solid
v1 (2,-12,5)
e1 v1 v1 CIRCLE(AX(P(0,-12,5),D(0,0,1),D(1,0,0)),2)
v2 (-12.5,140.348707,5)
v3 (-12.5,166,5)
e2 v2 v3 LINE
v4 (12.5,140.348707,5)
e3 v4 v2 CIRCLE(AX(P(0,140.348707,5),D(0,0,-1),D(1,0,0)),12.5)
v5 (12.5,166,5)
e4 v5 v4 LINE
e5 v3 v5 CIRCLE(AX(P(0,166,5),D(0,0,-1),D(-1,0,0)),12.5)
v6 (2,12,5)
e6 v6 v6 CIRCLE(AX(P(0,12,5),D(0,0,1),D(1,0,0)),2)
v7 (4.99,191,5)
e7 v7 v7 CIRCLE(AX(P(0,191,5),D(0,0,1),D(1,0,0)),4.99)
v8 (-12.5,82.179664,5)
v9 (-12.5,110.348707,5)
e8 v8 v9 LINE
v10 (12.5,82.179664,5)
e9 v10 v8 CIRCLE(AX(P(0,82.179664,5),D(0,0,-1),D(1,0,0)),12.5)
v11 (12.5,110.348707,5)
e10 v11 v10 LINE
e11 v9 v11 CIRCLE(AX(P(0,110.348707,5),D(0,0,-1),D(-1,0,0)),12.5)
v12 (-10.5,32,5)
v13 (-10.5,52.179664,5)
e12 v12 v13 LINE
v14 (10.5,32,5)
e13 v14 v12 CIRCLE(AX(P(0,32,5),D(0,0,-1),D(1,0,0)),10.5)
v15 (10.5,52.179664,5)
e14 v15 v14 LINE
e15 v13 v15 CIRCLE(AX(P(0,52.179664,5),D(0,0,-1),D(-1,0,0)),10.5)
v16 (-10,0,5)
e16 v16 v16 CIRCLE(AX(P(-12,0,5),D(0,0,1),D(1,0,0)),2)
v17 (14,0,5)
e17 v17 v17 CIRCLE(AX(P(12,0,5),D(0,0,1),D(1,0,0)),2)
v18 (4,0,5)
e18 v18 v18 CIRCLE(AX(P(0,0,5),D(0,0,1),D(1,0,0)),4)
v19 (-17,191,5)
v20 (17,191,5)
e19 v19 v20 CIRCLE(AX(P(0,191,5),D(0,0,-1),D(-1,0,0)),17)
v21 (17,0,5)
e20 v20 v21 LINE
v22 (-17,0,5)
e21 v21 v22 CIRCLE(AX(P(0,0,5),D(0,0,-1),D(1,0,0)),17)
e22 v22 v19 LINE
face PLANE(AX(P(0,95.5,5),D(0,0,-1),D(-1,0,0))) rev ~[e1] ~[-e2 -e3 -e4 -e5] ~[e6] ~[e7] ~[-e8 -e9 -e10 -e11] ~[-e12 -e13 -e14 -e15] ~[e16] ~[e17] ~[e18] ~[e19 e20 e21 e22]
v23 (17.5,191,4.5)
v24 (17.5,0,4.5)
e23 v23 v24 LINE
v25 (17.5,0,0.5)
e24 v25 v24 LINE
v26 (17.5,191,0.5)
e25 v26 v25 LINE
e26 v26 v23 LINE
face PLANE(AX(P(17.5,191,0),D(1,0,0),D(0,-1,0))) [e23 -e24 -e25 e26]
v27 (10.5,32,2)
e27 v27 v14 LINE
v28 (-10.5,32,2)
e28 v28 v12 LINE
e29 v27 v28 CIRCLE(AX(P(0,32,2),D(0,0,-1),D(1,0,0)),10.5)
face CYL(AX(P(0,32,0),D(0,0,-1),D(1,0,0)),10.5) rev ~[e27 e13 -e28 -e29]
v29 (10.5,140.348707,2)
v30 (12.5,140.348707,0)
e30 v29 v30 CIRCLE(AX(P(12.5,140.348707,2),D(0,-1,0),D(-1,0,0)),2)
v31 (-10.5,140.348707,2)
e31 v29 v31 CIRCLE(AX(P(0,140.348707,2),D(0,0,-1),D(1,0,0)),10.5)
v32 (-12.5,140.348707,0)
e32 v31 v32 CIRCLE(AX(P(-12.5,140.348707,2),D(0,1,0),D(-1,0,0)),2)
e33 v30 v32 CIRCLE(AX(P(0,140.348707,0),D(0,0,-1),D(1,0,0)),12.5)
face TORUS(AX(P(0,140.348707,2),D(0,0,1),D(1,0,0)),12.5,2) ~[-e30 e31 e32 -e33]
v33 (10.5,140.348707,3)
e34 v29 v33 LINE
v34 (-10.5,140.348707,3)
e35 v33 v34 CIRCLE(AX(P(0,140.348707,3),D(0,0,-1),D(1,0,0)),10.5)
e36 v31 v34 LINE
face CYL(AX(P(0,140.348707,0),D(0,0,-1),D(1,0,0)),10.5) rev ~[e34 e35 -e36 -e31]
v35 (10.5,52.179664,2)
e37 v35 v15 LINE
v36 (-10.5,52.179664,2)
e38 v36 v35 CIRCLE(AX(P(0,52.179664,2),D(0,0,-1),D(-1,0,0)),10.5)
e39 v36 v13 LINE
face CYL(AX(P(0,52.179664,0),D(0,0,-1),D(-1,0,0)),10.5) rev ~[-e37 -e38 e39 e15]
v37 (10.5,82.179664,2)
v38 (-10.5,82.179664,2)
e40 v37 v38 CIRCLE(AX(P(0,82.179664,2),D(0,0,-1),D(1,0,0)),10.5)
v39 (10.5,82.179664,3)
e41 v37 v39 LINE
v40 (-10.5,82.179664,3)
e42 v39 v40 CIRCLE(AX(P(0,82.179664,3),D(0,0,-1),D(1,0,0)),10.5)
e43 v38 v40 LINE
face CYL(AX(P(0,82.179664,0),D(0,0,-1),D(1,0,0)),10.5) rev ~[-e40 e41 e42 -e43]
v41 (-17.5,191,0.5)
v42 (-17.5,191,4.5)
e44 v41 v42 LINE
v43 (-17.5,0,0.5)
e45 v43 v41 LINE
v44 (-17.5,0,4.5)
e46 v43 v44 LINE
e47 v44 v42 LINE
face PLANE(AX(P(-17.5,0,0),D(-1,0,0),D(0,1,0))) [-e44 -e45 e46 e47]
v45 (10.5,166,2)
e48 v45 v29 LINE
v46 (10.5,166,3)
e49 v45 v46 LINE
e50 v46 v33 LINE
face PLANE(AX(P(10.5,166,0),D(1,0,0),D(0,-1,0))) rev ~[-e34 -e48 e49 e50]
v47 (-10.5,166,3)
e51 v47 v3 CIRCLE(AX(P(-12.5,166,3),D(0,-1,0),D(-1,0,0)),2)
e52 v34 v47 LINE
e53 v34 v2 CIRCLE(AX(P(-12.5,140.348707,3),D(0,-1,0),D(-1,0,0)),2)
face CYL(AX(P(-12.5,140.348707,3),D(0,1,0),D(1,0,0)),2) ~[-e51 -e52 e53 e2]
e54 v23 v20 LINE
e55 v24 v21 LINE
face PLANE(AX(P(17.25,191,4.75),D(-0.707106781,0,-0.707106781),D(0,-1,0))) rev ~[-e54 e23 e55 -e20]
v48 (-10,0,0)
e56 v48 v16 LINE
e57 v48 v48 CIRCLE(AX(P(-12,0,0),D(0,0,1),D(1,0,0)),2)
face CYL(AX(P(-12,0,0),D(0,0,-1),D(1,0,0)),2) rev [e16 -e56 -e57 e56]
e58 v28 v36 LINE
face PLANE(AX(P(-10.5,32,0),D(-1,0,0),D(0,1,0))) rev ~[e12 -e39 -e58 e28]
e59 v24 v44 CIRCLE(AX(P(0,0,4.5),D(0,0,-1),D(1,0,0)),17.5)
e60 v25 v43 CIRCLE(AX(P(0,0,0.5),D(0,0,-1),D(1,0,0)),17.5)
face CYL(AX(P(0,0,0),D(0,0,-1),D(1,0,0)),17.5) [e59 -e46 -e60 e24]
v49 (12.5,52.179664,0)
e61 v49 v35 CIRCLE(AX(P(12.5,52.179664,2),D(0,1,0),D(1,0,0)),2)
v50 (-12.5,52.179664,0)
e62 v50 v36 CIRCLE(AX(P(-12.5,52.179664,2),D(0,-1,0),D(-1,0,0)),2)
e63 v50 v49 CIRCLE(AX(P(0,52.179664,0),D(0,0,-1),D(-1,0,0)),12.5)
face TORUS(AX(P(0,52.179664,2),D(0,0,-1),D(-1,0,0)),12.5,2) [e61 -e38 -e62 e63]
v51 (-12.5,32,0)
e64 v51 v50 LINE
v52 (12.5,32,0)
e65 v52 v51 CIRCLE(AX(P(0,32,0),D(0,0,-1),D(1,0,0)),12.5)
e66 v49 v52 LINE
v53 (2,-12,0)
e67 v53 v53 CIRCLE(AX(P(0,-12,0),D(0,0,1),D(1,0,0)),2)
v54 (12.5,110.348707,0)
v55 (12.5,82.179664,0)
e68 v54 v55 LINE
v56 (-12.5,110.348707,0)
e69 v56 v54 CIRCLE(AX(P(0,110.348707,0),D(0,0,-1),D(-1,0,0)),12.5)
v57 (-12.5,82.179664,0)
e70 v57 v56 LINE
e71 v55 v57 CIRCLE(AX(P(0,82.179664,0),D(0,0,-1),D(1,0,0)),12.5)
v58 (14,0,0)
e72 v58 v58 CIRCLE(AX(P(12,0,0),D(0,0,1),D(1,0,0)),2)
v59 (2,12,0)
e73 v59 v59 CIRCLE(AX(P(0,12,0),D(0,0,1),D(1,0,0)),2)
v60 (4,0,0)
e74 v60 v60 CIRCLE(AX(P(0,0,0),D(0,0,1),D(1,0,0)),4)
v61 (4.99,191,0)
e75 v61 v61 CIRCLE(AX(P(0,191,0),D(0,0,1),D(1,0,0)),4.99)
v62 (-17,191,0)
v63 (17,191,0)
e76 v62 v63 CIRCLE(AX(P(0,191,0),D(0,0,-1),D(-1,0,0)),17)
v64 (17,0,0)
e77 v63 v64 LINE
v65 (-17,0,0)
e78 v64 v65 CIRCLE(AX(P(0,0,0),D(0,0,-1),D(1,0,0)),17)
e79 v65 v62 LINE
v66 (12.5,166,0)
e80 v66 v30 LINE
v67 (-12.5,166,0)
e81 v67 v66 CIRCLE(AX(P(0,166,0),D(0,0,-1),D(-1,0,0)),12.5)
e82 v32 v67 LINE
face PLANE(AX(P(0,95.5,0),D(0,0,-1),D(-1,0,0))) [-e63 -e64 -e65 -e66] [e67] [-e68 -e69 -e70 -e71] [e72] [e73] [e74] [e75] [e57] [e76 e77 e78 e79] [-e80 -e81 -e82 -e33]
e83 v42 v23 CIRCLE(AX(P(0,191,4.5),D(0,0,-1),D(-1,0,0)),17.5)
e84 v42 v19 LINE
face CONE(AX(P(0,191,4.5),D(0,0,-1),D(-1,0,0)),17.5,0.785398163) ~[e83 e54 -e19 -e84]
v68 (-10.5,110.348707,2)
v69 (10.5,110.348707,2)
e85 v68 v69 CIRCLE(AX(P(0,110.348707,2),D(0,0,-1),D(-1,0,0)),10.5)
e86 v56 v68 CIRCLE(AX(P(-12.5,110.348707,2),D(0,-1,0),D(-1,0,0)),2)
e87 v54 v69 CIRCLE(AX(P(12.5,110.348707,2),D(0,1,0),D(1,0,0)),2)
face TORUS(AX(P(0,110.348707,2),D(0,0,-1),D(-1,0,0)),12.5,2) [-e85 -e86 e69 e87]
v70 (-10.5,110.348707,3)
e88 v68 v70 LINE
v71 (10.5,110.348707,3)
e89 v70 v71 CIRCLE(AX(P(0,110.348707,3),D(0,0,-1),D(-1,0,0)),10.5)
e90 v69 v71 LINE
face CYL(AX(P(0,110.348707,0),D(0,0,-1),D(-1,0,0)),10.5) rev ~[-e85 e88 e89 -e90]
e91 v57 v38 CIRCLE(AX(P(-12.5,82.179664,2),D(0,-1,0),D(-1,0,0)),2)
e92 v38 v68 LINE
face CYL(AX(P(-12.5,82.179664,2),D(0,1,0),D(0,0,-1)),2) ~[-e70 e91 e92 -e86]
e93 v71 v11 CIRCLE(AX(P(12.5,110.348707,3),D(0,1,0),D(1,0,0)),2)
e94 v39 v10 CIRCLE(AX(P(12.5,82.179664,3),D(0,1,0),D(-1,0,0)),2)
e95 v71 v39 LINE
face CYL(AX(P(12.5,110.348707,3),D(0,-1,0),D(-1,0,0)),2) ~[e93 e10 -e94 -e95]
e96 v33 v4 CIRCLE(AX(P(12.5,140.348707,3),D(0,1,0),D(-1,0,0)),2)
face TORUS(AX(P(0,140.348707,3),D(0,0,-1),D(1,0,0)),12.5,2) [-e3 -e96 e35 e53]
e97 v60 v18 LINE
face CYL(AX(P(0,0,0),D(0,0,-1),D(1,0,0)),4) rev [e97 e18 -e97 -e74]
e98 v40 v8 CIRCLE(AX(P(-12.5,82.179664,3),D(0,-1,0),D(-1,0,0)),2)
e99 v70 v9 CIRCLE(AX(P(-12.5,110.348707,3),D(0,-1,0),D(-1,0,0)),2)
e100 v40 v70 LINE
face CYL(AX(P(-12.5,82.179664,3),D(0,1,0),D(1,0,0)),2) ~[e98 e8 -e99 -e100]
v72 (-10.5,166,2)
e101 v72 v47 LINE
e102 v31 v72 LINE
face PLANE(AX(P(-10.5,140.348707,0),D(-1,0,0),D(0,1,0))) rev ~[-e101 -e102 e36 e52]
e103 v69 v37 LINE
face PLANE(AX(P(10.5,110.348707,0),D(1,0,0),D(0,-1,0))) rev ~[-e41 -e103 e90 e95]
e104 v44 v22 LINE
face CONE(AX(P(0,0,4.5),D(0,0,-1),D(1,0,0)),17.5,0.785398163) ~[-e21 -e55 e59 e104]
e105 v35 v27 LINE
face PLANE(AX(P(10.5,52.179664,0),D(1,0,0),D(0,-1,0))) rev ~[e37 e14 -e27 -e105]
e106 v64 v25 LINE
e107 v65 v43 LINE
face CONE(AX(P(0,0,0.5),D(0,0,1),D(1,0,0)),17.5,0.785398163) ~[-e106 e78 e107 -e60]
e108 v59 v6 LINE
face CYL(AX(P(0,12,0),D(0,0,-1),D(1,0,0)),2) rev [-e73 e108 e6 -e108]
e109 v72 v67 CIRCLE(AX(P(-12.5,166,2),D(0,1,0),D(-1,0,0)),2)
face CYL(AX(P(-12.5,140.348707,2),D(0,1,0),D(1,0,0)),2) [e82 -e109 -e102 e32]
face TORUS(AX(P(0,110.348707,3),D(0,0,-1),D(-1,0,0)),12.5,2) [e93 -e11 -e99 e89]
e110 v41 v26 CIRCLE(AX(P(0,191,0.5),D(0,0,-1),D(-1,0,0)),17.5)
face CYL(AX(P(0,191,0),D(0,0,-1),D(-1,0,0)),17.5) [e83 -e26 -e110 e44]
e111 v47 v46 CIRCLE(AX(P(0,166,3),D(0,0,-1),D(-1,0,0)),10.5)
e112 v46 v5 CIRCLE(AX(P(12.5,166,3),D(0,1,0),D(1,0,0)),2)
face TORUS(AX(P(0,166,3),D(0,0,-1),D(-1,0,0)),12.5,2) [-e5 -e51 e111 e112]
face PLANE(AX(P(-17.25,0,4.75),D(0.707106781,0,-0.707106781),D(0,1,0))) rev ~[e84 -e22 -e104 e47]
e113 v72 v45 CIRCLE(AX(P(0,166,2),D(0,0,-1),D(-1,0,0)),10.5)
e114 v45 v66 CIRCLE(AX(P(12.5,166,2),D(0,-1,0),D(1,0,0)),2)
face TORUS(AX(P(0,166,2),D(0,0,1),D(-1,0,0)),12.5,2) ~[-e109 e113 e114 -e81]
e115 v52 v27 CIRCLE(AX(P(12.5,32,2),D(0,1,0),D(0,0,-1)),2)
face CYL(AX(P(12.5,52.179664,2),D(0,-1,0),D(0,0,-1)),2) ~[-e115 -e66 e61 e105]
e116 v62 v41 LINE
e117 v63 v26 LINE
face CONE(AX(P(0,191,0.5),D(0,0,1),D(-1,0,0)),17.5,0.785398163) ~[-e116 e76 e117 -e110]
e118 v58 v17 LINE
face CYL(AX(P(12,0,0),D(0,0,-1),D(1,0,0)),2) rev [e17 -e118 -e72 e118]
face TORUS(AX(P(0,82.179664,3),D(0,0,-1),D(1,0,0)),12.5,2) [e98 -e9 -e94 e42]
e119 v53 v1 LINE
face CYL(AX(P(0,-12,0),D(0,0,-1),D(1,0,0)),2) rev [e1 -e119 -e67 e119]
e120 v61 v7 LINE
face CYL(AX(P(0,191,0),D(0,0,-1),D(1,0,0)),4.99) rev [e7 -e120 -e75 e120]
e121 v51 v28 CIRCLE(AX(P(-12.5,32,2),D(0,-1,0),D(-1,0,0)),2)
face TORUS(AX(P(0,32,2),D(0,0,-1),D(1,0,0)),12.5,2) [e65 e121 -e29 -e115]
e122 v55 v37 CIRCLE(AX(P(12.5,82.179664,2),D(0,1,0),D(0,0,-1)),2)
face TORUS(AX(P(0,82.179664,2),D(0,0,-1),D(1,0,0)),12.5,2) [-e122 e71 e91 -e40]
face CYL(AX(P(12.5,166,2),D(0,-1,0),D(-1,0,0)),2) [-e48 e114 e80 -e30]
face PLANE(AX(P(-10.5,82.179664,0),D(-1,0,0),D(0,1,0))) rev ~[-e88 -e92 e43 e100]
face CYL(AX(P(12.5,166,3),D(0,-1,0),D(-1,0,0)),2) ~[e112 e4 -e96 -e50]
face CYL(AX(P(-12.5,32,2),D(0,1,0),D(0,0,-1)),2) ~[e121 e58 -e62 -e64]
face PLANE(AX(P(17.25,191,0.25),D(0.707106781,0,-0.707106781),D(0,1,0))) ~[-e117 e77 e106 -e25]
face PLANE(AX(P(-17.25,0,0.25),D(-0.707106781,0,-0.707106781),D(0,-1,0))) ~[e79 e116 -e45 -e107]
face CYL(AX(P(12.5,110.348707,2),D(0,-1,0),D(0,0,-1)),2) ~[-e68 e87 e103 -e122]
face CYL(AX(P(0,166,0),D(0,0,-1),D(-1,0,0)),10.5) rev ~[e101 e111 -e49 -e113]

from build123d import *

# Parameters (mm, degrees)
SKETCH1_R           = 4
SKETCH1_R_2         = 2
SKETCH1_R_3         = 4.99
BOSS_EXTRUDE1_DEPTH = 5
FILLET1_R           = 2
FILLET2_R           = 2
FILLET3_R           = 2
FILLET4_R           = 2
FILLET6_R           = 2
CHAMFER3_SIZE       = 0.5
CHAMFER4_SIZE       = 0.5


with BuildPart() as part:
    # Sketch1 → Boss-Extrude1 (new body)
    with BuildSketch(Plane.XY):
        with BuildLine():
            Line((17.5, 191), (17.5, 0))
            ThreePointArc((17.5, 0), (0, -17.5), (-17.5, 0))
            Line((-17.5, 0), (-17.5, 191))
            ThreePointArc((-17.5, 191), (0, 208.5), (17.5, 191))
        make_face()
        Circle(SKETCH1_R, mode=Mode.SUBTRACT)
        with Locations((12, 0)):
            Circle(SKETCH1_R_2, mode=Mode.SUBTRACT)
        with Locations((0, -12)):
            Circle(SKETCH1_R_2, mode=Mode.SUBTRACT)
        with Locations((-12, 0)):
            Circle(SKETCH1_R_2, mode=Mode.SUBTRACT)
        with Locations((0, 12)):
            Circle(SKETCH1_R_2, mode=Mode.SUBTRACT)
        with Locations((0, 191)):
            Circle(SKETCH1_R_3, mode=Mode.SUBTRACT)
        with BuildLine():
            Line((10.5, 166), (10.5, 140.348706627))
            ThreePointArc((10.5, 140.348706627), (0, 129.848706627), (-10.5, 140.348706627))
            Line((-10.5, 140.348706627), (-10.5, 166))
            ThreePointArc((-10.5, 166), (0, 176.5), (10.5, 166))
        make_face(mode=Mode.SUBTRACT)
        with BuildLine():
            Line((10.5, 110.348706627), (10.5, 82.179664366))
            ThreePointArc((10.5, 82.179664366), (0, 71.679664366), (-10.5, 82.179664366))
            Line((-10.5, 82.179664366), (-10.5, 110.348706627))
            ThreePointArc((-10.5, 110.348706627), (0, 120.848706627), (10.5, 110.348706627))
        make_face(mode=Mode.SUBTRACT)
        with BuildLine():
            Line((10.5, 52.179664366), (10.5, 32))
            ThreePointArc((10.5, 32), (0, 21.5), (-10.5, 32))
            Line((-10.5, 32), (-10.5, 52.179664366))
            ThreePointArc((-10.5, 52.179664366), (0, 62.679664366), (10.5, 52.179664366))
        make_face(mode=Mode.SUBTRACT)
    extrude(amount=BOSS_EXTRUDE1_DEPTH)

    # Fillet1
    fillet1_edges = [part.edges().sort_by_distance(p)[0] for p in [
        (0, 176.5, 5),
        (-10.5, 153.174353313, 5),
        (0, 129.848706627, 5),
        (10.5, 153.174353313, 5),
    ]]
    fillet(fillet1_edges, radius=FILLET1_R)

    # Fillet2
    fillet2_edges = [part.edges().sort_by_distance(p)[0] for p in [
        (0, 176.5, 0),
        (-10.5, 153.174353313, 0),
        (0, 129.848706627, 0),
        (10.5, 153.174353313, 0),
    ]]
    fillet(fillet2_edges, radius=FILLET2_R)

    # Fillet3
    fillet3_edges = [part.edges().sort_by_distance(p)[0] for p in [
        (0, 120.848706627, 0),
        (-10.5, 96.264185496, 0),
        (0, 71.679664366, 0),
        (10.5, 96.264185496, 0),
    ]]
    fillet(fillet3_edges, radius=FILLET3_R)

    # Fillet4
    fillet4_edges = [part.edges().sort_by_distance(p)[0] for p in [
        (0, 120.848706627, 5),
        (-10.5, 96.264185496, 5),
        (0, 71.679664366, 5),
        (10.5, 96.264185496, 5),
    ]]
    fillet(fillet4_edges, radius=FILLET4_R)

    # Fillet6
    fillet6_edges = [part.edges().sort_by_distance(p)[0] for p in [
        (0, 62.679664366, 0),
        (-10.5, 42.089832183, 0),
        (0, 21.5, 0),
        (10.5, 42.089832183, 0),
    ]]
    fillet(fillet6_edges, radius=FILLET6_R)

    # Chamfer3
    chamfer3_edges = [part.edges().sort_by_distance(p)[0] for p in [
        (17.5, 95.5, 0),
        (0, -17.5, 0),
        (-17.5, 95.5, 0),
        (0, 208.5, 0),
    ]]
    chamfer(chamfer3_edges, length=CHAMFER3_SIZE)

    # Chamfer4
    chamfer4_edges = [part.edges().sort_by_distance(p)[0] for p in [
        (0, -17.5, 5),
        (17.5, 95.5, 5),
        (0, 208.5, 5),
        (-17.5, 95.5, 5),
    ]]
    chamfer(chamfer4_edges, length=CHAMFER4_SIZE)


solid = part.part
